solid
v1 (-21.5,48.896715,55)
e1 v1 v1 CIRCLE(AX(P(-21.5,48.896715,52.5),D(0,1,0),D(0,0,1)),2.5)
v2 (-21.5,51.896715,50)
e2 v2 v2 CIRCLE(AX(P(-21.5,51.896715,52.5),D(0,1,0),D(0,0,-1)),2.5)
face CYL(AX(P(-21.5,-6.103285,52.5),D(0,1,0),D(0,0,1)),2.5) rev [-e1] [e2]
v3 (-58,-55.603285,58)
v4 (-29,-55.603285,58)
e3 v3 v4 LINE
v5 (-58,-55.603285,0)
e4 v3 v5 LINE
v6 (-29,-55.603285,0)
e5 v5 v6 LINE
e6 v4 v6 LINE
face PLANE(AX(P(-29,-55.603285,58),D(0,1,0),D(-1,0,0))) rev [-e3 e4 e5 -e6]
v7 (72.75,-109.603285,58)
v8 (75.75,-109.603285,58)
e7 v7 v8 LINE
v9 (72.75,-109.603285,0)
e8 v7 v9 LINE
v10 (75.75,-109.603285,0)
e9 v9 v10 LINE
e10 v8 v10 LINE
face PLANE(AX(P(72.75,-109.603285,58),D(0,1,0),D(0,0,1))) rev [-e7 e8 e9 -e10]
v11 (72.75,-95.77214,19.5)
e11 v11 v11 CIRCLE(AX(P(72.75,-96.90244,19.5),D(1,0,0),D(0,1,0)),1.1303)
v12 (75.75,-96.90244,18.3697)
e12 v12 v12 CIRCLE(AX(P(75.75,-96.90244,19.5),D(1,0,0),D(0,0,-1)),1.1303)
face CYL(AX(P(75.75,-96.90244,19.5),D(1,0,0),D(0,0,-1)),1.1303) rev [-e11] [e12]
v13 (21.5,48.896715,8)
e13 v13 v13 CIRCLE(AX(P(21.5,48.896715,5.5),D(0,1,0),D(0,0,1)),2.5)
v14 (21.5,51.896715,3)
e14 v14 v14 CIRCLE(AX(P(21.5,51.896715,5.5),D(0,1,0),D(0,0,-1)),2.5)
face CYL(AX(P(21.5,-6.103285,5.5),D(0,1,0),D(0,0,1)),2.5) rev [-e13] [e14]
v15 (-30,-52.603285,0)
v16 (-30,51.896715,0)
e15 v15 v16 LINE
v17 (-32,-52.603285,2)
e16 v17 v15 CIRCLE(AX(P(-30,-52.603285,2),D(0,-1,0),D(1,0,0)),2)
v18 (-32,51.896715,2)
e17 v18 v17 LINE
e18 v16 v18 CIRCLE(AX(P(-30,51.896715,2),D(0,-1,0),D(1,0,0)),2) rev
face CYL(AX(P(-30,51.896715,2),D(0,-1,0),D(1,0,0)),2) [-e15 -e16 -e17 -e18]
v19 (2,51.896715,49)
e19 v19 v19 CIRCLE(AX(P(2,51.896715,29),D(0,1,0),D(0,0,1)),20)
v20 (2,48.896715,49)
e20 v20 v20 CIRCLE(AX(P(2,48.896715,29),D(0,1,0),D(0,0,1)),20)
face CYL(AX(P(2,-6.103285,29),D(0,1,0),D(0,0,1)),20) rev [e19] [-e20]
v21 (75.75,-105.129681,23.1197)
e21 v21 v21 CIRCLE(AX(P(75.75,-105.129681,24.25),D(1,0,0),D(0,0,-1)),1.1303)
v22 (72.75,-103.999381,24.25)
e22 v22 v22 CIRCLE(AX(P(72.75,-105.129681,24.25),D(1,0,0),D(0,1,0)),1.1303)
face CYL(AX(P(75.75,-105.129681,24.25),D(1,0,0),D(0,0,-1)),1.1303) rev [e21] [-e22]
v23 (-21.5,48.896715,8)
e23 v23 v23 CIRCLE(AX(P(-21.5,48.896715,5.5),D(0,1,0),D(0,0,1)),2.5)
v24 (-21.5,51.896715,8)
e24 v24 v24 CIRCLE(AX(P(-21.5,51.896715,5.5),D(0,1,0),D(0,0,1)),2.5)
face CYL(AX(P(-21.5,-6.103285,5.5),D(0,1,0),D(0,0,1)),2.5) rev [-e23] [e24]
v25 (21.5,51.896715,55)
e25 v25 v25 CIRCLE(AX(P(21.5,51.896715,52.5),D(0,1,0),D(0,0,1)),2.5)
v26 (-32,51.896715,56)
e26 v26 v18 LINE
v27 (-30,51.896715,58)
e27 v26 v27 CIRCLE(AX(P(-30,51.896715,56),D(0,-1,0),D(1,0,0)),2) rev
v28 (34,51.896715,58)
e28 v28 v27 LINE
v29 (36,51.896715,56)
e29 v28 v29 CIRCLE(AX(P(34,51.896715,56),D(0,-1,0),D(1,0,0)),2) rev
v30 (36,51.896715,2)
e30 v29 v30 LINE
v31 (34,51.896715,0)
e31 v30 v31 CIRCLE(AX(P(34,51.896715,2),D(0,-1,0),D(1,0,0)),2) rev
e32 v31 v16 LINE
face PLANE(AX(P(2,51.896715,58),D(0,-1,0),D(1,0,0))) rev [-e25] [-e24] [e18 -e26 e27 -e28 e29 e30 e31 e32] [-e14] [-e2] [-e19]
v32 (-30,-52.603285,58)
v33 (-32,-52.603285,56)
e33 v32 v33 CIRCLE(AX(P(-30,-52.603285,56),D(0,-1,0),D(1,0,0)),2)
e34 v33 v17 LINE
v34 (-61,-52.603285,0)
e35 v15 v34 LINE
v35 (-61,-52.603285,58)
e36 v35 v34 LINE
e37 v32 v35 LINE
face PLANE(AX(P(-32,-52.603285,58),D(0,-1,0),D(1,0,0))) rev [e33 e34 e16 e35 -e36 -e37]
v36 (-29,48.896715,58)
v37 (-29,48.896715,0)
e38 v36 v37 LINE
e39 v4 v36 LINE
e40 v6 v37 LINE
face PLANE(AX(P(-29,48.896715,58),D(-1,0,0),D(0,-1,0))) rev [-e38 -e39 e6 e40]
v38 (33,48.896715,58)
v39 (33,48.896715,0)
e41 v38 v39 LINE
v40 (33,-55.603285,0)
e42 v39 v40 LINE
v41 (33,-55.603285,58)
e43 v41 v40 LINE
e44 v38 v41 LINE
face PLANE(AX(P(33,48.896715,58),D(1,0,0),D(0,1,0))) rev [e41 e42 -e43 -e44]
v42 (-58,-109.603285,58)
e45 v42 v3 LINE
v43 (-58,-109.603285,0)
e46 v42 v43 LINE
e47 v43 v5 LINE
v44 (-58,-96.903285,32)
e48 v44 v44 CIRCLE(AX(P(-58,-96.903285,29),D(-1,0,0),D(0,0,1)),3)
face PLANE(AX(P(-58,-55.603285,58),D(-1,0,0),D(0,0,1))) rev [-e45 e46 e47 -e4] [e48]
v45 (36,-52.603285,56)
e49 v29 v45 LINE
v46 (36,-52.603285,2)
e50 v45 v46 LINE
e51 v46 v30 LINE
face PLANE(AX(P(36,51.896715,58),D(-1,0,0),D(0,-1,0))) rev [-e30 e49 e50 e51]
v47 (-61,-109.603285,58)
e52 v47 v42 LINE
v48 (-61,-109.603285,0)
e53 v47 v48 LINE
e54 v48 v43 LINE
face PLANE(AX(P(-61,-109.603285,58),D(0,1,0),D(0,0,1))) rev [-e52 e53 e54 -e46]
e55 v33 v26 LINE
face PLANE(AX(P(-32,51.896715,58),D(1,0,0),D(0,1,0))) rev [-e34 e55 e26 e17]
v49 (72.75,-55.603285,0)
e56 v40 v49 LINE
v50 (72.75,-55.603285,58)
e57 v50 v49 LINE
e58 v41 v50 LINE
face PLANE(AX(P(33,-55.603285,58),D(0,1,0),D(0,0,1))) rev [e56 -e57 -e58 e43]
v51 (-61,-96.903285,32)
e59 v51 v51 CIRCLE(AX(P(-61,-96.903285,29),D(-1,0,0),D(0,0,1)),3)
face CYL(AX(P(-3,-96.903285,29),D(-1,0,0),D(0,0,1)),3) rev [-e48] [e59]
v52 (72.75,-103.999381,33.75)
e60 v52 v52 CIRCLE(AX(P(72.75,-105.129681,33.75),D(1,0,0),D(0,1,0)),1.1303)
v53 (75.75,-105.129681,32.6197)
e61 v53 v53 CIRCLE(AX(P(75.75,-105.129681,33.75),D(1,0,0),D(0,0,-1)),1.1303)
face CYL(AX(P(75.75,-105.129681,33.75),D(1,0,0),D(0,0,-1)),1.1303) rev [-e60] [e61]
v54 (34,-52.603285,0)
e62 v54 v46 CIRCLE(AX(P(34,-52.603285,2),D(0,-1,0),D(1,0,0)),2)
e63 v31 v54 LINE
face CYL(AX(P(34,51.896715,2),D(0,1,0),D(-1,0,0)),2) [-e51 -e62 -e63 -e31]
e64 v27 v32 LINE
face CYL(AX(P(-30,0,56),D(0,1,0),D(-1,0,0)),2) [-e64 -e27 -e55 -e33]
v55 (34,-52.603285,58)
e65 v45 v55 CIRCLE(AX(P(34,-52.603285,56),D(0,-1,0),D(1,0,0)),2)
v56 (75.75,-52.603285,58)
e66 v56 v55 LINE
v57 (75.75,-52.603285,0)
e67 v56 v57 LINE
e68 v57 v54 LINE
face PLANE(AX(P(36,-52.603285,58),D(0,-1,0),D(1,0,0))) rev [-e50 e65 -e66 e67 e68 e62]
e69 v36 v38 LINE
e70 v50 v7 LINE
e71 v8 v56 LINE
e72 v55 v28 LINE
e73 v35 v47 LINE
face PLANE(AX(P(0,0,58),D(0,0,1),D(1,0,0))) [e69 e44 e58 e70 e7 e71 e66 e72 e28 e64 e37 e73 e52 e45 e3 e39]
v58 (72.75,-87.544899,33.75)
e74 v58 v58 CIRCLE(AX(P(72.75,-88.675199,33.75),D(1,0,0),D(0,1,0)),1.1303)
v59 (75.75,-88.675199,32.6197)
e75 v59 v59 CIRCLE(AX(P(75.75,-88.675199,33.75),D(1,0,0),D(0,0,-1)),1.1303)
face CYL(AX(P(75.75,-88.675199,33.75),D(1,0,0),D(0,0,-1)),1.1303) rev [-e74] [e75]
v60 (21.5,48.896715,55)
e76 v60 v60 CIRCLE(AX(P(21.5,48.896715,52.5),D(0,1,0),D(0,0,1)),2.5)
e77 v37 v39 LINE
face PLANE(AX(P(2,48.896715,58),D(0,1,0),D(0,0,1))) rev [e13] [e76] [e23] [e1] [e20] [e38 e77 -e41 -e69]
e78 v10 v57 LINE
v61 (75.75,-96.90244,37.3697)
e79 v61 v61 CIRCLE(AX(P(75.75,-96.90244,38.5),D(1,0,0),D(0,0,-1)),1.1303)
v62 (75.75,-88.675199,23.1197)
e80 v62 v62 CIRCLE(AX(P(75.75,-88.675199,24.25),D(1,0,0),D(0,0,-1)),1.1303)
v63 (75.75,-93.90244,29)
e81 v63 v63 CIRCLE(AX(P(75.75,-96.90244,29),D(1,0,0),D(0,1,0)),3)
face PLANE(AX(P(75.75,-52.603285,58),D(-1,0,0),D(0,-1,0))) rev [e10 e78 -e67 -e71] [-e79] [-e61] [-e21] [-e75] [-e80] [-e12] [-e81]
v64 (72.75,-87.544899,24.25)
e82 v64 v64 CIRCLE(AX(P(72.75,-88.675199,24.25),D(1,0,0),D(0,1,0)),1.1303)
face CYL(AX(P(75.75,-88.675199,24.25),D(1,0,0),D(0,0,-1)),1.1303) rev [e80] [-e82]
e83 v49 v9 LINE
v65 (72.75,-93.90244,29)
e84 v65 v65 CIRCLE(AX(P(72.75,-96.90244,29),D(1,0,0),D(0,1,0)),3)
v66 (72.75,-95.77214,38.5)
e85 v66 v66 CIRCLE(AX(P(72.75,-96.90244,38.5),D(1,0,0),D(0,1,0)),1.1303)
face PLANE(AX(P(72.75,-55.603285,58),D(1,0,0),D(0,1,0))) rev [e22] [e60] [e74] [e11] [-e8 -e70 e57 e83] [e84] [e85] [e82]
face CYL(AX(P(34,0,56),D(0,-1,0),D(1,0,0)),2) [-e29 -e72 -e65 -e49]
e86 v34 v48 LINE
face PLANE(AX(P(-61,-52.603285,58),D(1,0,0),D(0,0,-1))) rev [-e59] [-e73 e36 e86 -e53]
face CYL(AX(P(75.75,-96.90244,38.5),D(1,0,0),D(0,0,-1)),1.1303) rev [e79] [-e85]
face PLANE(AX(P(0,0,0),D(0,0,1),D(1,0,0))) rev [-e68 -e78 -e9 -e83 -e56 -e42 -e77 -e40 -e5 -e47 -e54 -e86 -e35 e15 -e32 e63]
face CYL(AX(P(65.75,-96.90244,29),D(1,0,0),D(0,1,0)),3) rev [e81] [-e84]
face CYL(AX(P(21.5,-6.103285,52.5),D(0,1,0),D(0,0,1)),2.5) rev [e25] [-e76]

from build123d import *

# Parameters (mm, degrees)
BOSS_EXTRUDE1_DEPTH       = 58
SKETCH3_R                 = 2.5
SKETCH3_R_2               = 20
CUT_EXTRUDE1_DEPTH        = 58
SKETCH5_R                 = 3
CUT_EXTRUDE3_DEPTH        = 58
F_4_40_TAPPED_HOLE2_D     = 2.2606
F_4_40_TAPPED_HOLE2_DEPTH = 7.6
F_4_40_TAPPED_HOLE2_TIP   = 0.679152758
SKETCH15_R                = 3
CUT_EXTRUDE4_DEPTH        = 10
FILLET1_R                 = 2
FILLET2_R                 = 2
FILLET3_R                 = 2
FILLET4_R                 = 2


with BuildPart() as part:
    # Sketch2 → Boss-Extrude1 (new body)
    with BuildSketch(Plane.XY):
        Polygon((2, 51.896715462), (36, 51.896715462), (36, -52.603284538), (75.75, -52.603284538), (75.75, -109.603284538), (72.75, -109.603284538), (72.75, -55.603284538), (33, -55.603284538), (33, 48.896715462), (2, 48.896715462), (-29, 48.896715462), (-29, -55.603284538), (-58, -55.603284538), (-58, -109.603284538), (-61, -109.603284538), (-61, -52.603284538), (-32, -52.603284538), (-32, 51.896715462), align=None)
    extrude(amount=BOSS_EXTRUDE1_DEPTH)

    # Sketch3 → Cut-Extrude1 (cut)
    with BuildSketch(Plane(origin=(0, 51.896715462, 0), x_dir=(1, 0, 0), z_dir=(0, 1, 0))):
        with Locations((-21.5, -5.5)):
            Circle(SKETCH3_R)
        with Locations((21.5, -5.5)):
            Circle(SKETCH3_R)
        with Locations((21.5, -52.5)):
            Circle(SKETCH3_R)
        with Locations((-21.5, -52.5)):
            Circle(SKETCH3_R)
        with Locations((2, -29)):
            Circle(SKETCH3_R_2)
    extrude(amount=-CUT_EXTRUDE1_DEPTH, mode=Mode.SUBTRACT)

    # Sketch5 → Cut-Extrude3 (cut)
    with BuildSketch(Plane.ZY.offset(61)):
        with Locations((29, -96.903284538)):
            Circle(SKETCH5_R)
    extrude(amount=-CUT_EXTRUDE3_DEPTH, mode=Mode.SUBTRACT)

    # #4-40 Tapped Hole2
    with Locations(Plane(origin=(75.75, 0, 0), x_dir=(0, 0, -1), z_dir=(1, 0, 0))):
        with Locations((-19.5, -96.902439923), (-24.25, -105.129681259), (-33.75, -105.129681259), (-38.5, -96.902439923), (-33.75, -88.675198587), (-24.25, -88.675198587)):
            Hole(F_4_40_TAPPED_HOLE2_D / 2, depth=F_4_40_TAPPED_HOLE2_DEPTH)
            with Locations((0, 0, -(F_4_40_TAPPED_HOLE2_DEPTH + F_4_40_TAPPED_HOLE2_TIP / 2))):  # 118° drill point
                Cone(0, F_4_40_TAPPED_HOLE2_D / 2, F_4_40_TAPPED_HOLE2_TIP, mode=Mode.SUBTRACT)

    # Sketch15 → Cut-Extrude4 (cut)
    with BuildSketch(Plane(origin=(75.75, 0, 0), x_dir=(0, 0, -1), z_dir=(1, 0, 0))):
        with Locations((-29, -96.902439923)):
            Circle(SKETCH15_R)
    extrude(amount=-CUT_EXTRUDE4_DEPTH, mode=Mode.SUBTRACT)

    # Fillet1
    fillet1_edges = [part.edges().sort_by_distance(p)[0] for p in [
        (36, -0.353284538, 58),
    ]]
    fillet(fillet1_edges, radius=FILLET1_R)

    # Fillet2
    fillet2_edges = [part.edges().sort_by_distance(p)[0] for p in [
        (36, -0.353284538, 0),
    ]]
    fillet(fillet2_edges, radius=FILLET2_R)

    # Fillet3
    fillet3_edges = [part.edges().sort_by_distance(p)[0] for p in [
        (-32, -0.353284538, 0),
    ]]
    fillet(fillet3_edges, radius=FILLET3_R)

    # Fillet4
    fillet4_edges = [part.edges().sort_by_distance(p)[0] for p in [
        (-32, -0.353284538, 58),
    ]]
    fillet(fillet4_edges, radius=FILLET4_R)


solid = part.part
